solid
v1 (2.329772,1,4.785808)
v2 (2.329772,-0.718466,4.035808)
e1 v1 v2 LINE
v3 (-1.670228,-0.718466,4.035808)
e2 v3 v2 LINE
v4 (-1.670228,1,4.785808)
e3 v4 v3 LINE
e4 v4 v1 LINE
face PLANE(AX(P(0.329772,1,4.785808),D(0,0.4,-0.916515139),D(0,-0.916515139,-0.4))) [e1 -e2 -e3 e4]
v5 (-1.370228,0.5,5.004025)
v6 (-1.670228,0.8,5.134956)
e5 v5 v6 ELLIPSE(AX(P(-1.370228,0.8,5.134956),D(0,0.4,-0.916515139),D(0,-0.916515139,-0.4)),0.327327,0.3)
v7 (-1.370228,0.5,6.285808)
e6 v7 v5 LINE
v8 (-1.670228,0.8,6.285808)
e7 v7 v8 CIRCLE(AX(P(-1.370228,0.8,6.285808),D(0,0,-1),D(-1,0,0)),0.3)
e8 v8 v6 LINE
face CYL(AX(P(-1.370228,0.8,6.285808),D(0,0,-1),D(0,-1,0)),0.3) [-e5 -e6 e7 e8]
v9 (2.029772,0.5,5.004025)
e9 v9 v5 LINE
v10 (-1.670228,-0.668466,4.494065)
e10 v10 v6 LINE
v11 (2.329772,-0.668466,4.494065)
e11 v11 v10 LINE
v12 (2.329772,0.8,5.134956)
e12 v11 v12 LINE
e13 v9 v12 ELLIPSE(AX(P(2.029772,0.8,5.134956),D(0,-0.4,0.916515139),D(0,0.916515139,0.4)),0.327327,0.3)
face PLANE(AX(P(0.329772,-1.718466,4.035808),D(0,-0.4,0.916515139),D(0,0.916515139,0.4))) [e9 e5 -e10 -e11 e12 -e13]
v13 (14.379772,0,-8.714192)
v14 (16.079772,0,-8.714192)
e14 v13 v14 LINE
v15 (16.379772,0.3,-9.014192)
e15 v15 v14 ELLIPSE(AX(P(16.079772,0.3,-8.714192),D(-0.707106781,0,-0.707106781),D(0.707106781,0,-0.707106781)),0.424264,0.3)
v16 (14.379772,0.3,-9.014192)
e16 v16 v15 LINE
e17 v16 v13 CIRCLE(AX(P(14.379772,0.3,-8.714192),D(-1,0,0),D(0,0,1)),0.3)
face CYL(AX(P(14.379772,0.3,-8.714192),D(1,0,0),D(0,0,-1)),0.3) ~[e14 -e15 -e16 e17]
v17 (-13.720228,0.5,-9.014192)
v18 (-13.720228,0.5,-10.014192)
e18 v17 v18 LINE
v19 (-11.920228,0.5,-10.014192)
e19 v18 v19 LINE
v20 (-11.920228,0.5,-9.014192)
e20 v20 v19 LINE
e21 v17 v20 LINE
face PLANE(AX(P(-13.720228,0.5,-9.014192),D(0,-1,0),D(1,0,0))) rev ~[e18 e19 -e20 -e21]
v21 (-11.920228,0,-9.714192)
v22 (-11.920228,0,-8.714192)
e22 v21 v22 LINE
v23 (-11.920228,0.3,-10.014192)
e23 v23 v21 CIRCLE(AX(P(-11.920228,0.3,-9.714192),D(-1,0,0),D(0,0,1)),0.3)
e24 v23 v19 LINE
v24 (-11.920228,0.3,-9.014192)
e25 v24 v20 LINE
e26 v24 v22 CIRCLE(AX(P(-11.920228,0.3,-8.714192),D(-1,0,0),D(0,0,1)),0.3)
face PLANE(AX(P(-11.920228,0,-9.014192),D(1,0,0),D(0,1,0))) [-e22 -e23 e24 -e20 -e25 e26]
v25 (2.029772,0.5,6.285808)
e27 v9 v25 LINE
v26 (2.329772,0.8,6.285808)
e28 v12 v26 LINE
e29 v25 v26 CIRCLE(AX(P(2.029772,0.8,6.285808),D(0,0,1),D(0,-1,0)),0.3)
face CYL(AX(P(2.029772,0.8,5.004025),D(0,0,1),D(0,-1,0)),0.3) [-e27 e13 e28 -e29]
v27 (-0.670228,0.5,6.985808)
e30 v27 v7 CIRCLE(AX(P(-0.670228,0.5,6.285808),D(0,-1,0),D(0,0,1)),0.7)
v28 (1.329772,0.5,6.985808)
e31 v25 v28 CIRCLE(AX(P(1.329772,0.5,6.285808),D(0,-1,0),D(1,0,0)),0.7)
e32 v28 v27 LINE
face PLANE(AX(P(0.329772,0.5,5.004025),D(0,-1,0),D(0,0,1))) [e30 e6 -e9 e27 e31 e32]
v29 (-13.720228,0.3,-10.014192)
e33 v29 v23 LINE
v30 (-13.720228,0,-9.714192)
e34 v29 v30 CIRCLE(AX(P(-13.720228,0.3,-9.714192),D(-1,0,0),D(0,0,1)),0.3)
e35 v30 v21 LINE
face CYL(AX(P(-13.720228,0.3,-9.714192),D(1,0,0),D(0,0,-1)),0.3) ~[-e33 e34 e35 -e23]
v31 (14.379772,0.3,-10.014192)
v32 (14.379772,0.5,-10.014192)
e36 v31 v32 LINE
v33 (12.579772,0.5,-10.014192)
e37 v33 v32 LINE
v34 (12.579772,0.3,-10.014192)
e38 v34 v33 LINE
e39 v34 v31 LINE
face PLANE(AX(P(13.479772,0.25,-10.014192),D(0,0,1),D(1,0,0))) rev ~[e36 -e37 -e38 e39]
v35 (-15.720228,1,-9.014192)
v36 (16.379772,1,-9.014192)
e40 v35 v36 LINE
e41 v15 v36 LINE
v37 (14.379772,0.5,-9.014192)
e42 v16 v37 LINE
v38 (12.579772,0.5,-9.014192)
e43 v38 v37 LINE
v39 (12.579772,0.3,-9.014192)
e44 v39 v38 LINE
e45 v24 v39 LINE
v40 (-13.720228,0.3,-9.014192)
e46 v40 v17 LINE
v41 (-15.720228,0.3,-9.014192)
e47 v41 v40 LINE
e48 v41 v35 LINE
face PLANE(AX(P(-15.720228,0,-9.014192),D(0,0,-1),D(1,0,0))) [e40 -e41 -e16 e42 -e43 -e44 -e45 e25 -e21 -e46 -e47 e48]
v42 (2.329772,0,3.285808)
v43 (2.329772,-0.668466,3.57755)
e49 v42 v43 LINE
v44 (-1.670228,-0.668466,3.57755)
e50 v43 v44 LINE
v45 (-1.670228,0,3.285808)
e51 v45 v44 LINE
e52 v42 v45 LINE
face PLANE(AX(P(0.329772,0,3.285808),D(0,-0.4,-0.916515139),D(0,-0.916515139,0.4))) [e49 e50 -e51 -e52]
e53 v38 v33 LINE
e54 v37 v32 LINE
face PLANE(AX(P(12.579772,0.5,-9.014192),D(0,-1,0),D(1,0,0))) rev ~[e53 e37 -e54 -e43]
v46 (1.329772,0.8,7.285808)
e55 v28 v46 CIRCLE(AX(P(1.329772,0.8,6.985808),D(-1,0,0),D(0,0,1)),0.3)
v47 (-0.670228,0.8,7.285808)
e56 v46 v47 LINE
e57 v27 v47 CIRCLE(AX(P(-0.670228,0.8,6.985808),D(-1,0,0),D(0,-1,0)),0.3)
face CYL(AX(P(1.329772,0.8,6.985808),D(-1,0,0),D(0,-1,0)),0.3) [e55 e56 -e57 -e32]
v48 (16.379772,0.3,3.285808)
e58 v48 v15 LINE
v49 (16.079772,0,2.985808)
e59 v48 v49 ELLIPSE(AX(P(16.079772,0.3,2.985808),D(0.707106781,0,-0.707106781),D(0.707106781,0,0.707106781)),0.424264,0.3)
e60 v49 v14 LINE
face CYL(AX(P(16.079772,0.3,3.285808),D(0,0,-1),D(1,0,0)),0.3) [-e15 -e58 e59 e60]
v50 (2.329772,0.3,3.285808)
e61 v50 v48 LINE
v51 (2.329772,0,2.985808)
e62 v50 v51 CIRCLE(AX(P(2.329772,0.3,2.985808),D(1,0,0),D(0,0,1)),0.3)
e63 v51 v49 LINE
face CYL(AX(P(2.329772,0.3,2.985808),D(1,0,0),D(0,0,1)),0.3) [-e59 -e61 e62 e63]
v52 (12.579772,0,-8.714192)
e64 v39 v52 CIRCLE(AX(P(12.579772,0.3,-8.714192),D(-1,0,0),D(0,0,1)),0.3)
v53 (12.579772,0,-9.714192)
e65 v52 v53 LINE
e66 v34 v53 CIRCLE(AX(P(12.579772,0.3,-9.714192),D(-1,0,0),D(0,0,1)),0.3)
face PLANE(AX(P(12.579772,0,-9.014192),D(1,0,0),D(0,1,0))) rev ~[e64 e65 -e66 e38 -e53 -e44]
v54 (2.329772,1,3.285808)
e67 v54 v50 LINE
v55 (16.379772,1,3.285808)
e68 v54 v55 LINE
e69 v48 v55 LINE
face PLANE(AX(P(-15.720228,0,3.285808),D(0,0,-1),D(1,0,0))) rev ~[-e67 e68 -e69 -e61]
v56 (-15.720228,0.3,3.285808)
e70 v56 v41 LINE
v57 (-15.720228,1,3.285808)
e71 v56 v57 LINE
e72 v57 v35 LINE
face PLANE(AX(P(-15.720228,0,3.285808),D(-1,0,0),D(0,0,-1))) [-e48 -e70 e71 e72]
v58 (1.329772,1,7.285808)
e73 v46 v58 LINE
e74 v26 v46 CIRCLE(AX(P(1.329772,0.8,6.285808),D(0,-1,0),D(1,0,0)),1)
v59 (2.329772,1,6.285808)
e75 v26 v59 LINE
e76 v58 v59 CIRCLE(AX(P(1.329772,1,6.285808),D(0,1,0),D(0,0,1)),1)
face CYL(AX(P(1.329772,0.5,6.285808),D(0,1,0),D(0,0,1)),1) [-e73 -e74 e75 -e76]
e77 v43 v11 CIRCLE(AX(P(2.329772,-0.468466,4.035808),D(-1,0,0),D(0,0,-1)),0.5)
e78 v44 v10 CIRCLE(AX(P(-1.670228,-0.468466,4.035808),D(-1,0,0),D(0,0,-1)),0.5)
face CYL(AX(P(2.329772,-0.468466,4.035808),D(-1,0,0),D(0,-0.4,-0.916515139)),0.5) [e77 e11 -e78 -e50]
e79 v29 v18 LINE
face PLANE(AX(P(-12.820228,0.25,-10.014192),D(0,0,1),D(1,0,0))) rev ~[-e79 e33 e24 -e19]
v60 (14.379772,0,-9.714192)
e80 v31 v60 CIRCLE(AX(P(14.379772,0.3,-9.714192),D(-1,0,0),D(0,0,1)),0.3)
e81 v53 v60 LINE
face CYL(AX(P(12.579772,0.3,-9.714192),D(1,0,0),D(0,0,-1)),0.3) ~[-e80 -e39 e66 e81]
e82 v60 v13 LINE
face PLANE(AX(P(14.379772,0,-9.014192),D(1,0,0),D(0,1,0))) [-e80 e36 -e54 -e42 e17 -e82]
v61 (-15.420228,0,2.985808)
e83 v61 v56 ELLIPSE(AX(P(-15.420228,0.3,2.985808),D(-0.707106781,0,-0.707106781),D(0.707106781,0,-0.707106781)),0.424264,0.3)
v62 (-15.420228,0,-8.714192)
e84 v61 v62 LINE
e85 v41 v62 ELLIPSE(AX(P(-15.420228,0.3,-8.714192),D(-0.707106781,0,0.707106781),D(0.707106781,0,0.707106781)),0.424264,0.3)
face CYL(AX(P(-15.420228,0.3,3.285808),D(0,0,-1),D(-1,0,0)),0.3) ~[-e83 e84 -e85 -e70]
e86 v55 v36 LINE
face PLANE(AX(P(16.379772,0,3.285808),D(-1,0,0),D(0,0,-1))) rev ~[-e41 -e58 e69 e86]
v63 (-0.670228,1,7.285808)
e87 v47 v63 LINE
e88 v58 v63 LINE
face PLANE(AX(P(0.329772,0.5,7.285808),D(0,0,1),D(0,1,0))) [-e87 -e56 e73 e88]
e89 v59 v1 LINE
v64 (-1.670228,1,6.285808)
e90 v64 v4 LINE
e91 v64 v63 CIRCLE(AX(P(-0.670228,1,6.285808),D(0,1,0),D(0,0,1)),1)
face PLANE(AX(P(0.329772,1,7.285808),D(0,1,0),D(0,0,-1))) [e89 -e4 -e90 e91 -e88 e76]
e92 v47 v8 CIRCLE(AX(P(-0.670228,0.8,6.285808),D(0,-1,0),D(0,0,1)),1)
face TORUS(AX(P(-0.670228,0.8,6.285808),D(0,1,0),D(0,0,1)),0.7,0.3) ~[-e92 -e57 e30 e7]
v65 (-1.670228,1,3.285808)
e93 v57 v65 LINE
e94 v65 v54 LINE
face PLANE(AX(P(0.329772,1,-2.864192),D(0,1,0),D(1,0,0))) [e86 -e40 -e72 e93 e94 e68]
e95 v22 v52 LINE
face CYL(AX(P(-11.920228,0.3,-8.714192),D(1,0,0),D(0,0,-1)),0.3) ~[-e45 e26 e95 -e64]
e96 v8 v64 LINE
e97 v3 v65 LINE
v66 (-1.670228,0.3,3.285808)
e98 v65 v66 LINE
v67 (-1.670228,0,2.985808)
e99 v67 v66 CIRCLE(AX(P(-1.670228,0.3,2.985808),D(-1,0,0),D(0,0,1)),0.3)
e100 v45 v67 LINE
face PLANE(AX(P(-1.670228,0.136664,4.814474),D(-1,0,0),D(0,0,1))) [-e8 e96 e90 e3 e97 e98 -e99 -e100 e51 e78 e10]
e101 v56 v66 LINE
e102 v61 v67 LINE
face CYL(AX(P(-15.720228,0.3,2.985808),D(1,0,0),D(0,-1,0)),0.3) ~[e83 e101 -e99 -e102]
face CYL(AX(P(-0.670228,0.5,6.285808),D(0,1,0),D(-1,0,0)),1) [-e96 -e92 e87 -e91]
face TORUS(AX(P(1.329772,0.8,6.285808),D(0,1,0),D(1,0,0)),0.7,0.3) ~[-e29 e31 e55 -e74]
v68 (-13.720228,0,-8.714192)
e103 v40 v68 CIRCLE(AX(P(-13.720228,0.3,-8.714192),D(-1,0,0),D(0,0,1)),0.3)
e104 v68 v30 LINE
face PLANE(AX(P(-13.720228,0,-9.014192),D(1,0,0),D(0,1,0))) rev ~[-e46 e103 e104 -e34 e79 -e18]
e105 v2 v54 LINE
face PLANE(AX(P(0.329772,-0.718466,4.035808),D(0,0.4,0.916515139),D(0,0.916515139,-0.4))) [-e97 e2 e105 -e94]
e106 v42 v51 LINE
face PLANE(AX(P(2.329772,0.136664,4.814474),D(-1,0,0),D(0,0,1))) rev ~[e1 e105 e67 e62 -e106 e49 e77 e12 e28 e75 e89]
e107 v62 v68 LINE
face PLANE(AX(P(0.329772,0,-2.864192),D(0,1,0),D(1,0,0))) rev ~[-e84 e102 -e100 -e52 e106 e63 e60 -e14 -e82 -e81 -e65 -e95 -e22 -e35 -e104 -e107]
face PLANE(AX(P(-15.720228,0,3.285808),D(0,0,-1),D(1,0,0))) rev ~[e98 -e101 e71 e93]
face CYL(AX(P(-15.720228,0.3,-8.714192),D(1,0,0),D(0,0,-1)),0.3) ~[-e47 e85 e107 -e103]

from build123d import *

# Parameters (mm, degrees)
CROQUIS1_W              = 32.1
CROQUIS1_H              = 12.3
SALIENTE_EXTRUIR1_DEPTH = 1
CROQUIS2_W              = 1.8
CROQUIS2_H              = 0.5
SALIENTE_EXTRUIR2_DEPTH = 1
SALIENTE_EXTRUIR3_DEPTH = 2
REDONDEO2_R             = 0.5
REDONDEO3_R             = 1
REDONDEO4_R             = 0.3
REDONDEO6_R             = 0.3


with BuildPart() as part:
    # Croquis1 → Saliente-Extruir1 (new body)
    with BuildSketch(Plane(origin=(0, 0, 0), x_dir=(1, 0, 0), z_dir=(0, 1, 0))):
        with Locations((0.329771615, 2.864192496)):
            Rectangle(CROQUIS1_W, CROQUIS1_H)
    extrude(amount=SALIENTE_EXTRUIR1_DEPTH)

    # Croquis2 → Saliente-Extruir2 (add)
    with BuildSketch(Plane(origin=(-6.706035889, 0, -9.014192496), x_dir=(1, 0, 0), z_dir=(0, 0, 1))):
        with Locations((-6.114192496, 0.25)):
            Rectangle(CROQUIS2_W, CROQUIS2_H)
        with Locations((20.185807504, 0.25)):
            Rectangle(CROQUIS2_W, CROQUIS2_H)
    extrude(amount=-SALIENTE_EXTRUIR2_DEPTH)

    # Croquis4 → Saliente-Extruir3 (add, symmetric)
    with BuildSketch(Plane.ZY.offset(-0.329771615)):
        Polygon((3.285807504, 1), (3.285807504, 0), (4.035807504, -1.718465886), (5.004025394, 0.5), (7.285807504, 0.5), (7.285807504, 1), (4.785807504, 1), (4.035807504, -0.718465886), align=None)
    extrude(amount=SALIENTE_EXTRUIR3_DEPTH, both=True)

    # Redondeo2
    redondeo2_edges = [part.edges().sort_by_distance(p)[0] for p in [
        (0.329771615, -1.718465886, 4.035807504),
    ]]
    fillet(redondeo2_edges, radius=REDONDEO2_R)

    # Redondeo3
    redondeo3_edges = [part.edges().sort_by_distance(p)[0] for p in [
        (2.329771615, 0.75, 7.285807504),
        (-1.670228385, 0.75, 7.285807504),
    ]]
    fillet(redondeo3_edges, radius=REDONDEO3_R)

    # Redondeo4
    redondeo4_edges = [part.edges().sort_by_distance(p)[0] for p in [
        (2.329771615, 0.5, 5.644916449),
        (-1.670228385, 0.5, 5.644916449),
        (0.329771615, 0.5, 7.285807504),
        (2.036878396, 0.5, 6.992914285),
        (-1.377335166, 0.5, 6.992914285),
    ]]
    fillet(redondeo4_edges, radius=REDONDEO4_R)

    # Redondeo6
    redondeo6_edges = [part.edges().sort_by_distance(p)[0] for p in [
        (-14.720228385, 0, -9.014192496),
        (-12.820228385, 0, -10.014192496),
        (0.329771615, 0, -9.014192496),
        (13.479771615, 0, -10.014192496),
        (9.354771615, 0, 3.285807504),
        (15.379771615, 0, -9.014192496),
        (16.379771615, 0, -2.864192496),
        (-8.695228385, 0, 3.285807504),
        (-15.720228385, 0, -2.864192496),
    ]]
    fillet(redondeo6_edges, radius=REDONDEO6_R)


solid = part.part
